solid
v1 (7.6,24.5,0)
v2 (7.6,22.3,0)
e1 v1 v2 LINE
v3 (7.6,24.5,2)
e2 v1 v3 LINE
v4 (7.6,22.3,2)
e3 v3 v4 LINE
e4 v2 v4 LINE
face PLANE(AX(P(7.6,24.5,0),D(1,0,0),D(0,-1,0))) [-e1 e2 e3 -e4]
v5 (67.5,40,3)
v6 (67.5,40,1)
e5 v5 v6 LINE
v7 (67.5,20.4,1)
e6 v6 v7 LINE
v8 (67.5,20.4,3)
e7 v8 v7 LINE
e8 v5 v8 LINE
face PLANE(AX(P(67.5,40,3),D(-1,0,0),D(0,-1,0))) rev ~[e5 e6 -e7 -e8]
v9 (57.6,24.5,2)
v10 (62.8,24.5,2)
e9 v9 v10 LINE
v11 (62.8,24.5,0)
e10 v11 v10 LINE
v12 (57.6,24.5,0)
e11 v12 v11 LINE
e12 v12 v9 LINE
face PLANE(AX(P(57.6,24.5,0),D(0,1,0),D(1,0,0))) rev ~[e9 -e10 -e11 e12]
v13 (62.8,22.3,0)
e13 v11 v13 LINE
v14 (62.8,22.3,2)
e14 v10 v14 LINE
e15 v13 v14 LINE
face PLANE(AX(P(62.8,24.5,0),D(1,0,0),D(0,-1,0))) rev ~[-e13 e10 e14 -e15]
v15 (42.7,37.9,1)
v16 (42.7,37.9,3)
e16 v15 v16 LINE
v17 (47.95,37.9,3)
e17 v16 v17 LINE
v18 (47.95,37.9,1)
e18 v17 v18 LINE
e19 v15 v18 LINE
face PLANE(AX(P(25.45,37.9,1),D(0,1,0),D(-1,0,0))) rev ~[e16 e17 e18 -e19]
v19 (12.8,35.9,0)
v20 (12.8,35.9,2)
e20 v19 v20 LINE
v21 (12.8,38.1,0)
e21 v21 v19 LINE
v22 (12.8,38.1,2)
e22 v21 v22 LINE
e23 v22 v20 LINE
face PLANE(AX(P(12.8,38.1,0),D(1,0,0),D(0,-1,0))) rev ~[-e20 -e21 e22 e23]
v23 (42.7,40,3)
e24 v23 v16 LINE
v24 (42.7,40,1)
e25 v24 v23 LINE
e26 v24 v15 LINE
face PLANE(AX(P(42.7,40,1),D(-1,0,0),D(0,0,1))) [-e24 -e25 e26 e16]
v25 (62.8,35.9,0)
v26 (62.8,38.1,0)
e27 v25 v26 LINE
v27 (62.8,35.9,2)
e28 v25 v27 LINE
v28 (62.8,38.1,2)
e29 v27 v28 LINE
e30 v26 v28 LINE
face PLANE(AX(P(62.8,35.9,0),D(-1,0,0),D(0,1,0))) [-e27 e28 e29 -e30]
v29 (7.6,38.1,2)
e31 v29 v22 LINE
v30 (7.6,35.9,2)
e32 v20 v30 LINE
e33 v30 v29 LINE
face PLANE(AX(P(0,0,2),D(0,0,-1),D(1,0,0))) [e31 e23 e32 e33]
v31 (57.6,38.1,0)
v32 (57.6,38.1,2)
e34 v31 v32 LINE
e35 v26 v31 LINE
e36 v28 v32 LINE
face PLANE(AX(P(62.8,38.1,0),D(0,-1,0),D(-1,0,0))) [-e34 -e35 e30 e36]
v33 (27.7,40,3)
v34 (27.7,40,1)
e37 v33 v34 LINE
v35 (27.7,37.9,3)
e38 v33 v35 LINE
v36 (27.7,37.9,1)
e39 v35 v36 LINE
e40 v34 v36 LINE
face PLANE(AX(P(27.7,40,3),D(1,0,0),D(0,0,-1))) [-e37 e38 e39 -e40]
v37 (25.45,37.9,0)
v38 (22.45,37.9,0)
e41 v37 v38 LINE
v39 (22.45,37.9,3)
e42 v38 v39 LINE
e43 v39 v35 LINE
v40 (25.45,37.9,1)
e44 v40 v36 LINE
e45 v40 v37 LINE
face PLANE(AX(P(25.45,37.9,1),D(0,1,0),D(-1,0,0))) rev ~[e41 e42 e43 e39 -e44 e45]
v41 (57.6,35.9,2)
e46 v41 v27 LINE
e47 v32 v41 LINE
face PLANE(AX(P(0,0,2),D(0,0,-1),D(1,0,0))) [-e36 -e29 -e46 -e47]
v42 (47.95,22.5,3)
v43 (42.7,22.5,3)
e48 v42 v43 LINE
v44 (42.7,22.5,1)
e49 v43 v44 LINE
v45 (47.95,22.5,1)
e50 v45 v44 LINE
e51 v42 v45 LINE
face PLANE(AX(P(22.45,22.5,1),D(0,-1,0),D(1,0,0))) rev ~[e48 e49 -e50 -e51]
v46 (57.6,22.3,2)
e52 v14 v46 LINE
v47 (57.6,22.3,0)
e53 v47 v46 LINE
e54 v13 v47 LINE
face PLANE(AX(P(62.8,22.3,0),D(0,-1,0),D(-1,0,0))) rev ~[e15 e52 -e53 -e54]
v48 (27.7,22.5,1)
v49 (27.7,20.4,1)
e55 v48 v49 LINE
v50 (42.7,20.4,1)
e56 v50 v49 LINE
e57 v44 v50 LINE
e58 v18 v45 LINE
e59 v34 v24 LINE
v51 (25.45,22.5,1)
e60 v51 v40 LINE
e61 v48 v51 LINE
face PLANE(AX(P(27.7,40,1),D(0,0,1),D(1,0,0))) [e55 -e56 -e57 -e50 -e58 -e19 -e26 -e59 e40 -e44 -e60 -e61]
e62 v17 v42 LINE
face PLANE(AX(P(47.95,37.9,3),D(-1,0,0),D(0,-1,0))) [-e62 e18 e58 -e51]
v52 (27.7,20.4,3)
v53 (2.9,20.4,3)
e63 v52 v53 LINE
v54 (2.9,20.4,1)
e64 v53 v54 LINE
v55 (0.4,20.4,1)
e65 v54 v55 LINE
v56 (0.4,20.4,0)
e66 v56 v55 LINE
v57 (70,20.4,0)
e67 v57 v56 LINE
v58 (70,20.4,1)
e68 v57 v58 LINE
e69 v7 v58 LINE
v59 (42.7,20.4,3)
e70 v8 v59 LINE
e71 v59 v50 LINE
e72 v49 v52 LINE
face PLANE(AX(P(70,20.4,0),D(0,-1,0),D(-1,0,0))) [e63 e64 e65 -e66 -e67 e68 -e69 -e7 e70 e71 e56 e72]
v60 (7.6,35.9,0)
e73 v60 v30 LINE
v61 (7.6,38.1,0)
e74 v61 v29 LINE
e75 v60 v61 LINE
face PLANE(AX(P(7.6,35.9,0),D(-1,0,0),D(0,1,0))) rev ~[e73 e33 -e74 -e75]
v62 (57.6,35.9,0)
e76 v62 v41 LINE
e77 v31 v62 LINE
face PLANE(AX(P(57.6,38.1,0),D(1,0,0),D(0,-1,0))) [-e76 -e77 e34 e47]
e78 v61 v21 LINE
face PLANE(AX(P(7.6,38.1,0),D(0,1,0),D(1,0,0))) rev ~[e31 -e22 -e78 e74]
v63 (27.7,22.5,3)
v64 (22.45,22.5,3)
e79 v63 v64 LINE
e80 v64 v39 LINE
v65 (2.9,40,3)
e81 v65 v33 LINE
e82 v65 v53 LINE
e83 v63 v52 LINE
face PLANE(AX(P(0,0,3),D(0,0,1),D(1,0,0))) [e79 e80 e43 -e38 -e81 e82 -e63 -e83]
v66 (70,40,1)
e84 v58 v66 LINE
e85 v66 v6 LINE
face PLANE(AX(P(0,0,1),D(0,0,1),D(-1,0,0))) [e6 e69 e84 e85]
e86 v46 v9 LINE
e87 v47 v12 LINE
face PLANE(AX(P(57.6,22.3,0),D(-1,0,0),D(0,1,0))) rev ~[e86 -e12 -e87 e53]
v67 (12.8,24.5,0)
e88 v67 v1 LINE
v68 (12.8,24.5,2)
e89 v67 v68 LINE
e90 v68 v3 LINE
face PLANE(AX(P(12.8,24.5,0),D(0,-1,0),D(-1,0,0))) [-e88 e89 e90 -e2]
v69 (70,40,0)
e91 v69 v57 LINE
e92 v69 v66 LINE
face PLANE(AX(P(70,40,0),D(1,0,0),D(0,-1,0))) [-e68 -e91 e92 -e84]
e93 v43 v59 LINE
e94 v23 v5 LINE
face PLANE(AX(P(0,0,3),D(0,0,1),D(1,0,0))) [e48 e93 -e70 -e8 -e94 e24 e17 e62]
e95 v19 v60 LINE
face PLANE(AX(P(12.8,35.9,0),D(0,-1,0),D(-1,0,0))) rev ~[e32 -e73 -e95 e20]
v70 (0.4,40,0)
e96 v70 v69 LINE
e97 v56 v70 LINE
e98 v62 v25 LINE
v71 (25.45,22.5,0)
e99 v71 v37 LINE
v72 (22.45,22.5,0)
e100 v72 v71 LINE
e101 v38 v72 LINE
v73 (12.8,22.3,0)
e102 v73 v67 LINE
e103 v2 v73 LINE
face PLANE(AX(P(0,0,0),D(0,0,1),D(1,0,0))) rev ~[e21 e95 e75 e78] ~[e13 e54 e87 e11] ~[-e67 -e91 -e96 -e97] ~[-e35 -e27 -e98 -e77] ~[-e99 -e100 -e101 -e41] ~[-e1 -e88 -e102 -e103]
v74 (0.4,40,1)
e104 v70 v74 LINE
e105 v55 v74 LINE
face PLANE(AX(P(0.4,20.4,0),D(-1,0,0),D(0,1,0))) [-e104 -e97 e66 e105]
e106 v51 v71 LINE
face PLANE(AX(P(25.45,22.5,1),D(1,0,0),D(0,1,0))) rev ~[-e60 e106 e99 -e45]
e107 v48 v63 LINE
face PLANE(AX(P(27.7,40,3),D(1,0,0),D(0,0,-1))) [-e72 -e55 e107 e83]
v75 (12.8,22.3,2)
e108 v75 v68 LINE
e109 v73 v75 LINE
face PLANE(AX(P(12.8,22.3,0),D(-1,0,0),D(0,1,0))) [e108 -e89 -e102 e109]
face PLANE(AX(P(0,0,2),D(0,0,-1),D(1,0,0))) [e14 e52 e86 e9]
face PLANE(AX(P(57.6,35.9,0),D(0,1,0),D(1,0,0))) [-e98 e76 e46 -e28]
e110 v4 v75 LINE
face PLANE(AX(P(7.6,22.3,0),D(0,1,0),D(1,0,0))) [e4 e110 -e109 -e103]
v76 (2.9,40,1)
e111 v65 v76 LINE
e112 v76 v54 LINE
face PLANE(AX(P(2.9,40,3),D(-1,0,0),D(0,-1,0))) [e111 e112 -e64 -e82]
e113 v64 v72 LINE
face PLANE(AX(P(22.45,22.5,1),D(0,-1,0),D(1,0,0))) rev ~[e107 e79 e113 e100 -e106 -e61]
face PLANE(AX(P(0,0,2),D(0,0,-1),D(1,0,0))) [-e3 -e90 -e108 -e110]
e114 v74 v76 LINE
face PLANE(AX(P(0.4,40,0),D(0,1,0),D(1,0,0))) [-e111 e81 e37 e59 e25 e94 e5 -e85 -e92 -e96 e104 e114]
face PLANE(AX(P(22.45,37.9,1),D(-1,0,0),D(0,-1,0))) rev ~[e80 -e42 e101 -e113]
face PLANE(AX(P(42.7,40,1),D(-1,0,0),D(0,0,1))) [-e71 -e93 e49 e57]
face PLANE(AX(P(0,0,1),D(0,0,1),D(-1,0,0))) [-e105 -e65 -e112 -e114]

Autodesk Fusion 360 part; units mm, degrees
sketch "Esquisse1" plane through (0, 0, 0) normal (0, 0, 1) x (1, 0, 0)
  line L0 (0.4, 40) -> (70, 40)
  line L1 (70, 40) -> (70, 20.4)
  line L2 (70, 20.4) -> (0.4, 20.4)
  line L3 (0.4, 20.4) -> (0.4, 40)
  dimension "d1" = 69.6
  dimension "d2" = 19.6
extrude "Extrusion1" add sketch "Esquisse1" along normal blind 3
sketch "Esquisse2" plane through (0, 0, 0) normal (0, 0, -1) x (1, 0, 0)
  line L0 (70, -20.4) -> (0.4, -20.4)
  line L1 (0.4, -20.4) -> (0.4, -40)
  line L2 (0.4, -40) -> (70, -40)
  line L3 (70, -40) -> (70, -20.4)
  line L4 (7.6, -22.3) -> (12.8, -22.3)
  line L5 (12.8, -22.3) -> (12.8, -24.5)
  line L6 (12.8, -24.5) -> (7.6, -24.5)
  line L7 (7.6, -24.5) -> (7.6, -22.3)
  line L8 (10.2, -22.3) -> (10.2, -24.5) construction
  line L9 (35.2, -20.4) -> (35.2, -40) construction
  line L10 (57.6, -22.3) -> (57.6, -24.5)
  line L11 (62.8, -22.3) -> (57.6, -22.3)
  line L12 (62.8, -24.5) -> (62.8, -22.3)
  line L13 (57.6, -24.5) -> (62.8, -24.5)
  line L14 (0.4, -30.2) -> (70, -30.2) construction
  line L15 (7.6, -38.1) -> (12.8, -38.1)
  line L16 (12.8, -38.1) -> (12.8, -35.9)
  line L17 (12.8, -35.9) -> (7.6, -35.9)
  line L18 (7.6, -35.9) -> (7.6, -38.1)
  line L19 (62.8, -38.1) -> (57.6, -38.1)
  line L20 (62.8, -35.9) -> (62.8, -38.1)
  line L21 (57.6, -35.9) -> (62.8, -35.9)
  line L22 (57.6, -38.1) -> (57.6, -35.9)
  dimension "d5" = 25
  dimension "d12" = 5.2
  dimension "d13" = 2.2
  dimension "d14" = 1.9
extrude "Extrusion2" cut sketch "Esquisse2" against normal blind 2 contours L4 L5 L6 L7 | L10 L11 L12 L13 | L15 L16 L17 L18 | L19 L20 L21 L22
sketch "Esquisse3" plane through (0, 0, 3) normal (0, 0, 1) x (-1, 0, 0)
  line L0 (-0.4, -20.4) -> (-70, -20.4)
  line L1 (-70, -20.4) -> (-70, -40)
  line L2 (-70, -40) -> (-0.4, -40)
  line L3 (-0.4, -40) -> (-0.4, -20.4)
  line L4 (-22.45, -37.9) -> (-47.95, -37.9)
  line L5 (-47.95, -37.9) -> (-47.95, -22.5)
  line L6 (-47.95, -22.5) -> (-22.45, -22.5)
  line L7 (-22.45, -22.5) -> (-22.45, -37.9)
  line L8 (-0.4, -30.2) -> (-70, -30.2) construction
  line L9 (-35.2, -40) -> (-35.2, -20.4) construction
  dimension "d8" = 25.5
  dimension "d9" = 15.4
extrude "Extrusion3" cut sketch "Esquisse3" against normal blind 2 contours L4 L5 L6 L7
sketch "Esquisse4" plane through (0, 0, 1) normal (0, 0, 1) x (-1, 0, 0)
  line L0 (-22.45, -22.5) -> (-47.95, -22.5)
  line L1 (-47.95, -22.5) -> (-47.95, -37.9)
  line L2 (-47.95, -37.9) -> (-22.45, -37.9)
  line L3 (-22.45, -37.9) -> (-22.45, -22.5)
  line L4 (-22.45, -22.5) -> (-25.45, -22.5)
  line L5 (-25.45, -22.5) -> (-25.45, -37.9)
  line L6 (-25.45, -37.9) -> (-22.45, -37.9)
  line L7 (-22.45, -37.9) -> (-22.45, -22.5)
  dimension "d15" = 3
extrude "Extrusion4" cut sketch "Esquisse4" against normal blind 3 contours L0 L2 L3 L4 L5 L6 L7
sketch "Esquisse5" plane through (0, 40, 0) normal (0, 1, 0) x (-1, 0, 0)
  line L0 (-70, 0) -> (-0.4, 0)
  line L1 (-0.4, 0) -> (-0.4, 3)
  line L2 (-0.4, 3) -> (-70, 3)
  line L3 (-70, 3) -> (-70, 0)
  line L4 (-35.2, 3) -> (-35.2, 0) construction
  line L5 (-42.7, 3) -> (-27.7, 3)
  line L6 (-27.7, 3) -> (-27.7, 1)
  line L7 (-27.7, 1) -> (-42.7, 1)
  line L8 (-42.7, 1) -> (-42.7, 3)
  dimension "d18" = 15
  dimension "d19" = 2
extrude "Extrusion5" cut sketch "Esquisse5" against normal blind 21 contours L2 L5 L6 L7 L8
sketch "Esquisse6" plane through (0, 0, 3) normal (0, 0, 1) x (-1, 0, 0)
  line L0 (-42.7, -22.5) -> (-42.7, -20.4)
  line L1 (-42.7, -20.4) -> (-70, -20.4)
  line L2 (-70, -20.4) -> (-70, -40)
  line L3 (-70, -40) -> (-42.7, -40)
  line L4 (-42.7, -40) -> (-42.7, -37.9)
  line L5 (-42.7, -37.9) -> (-47.95, -37.9)
  line L6 (-47.95, -37.9) -> (-47.95, -22.5)
  line L7 (-47.95, -22.5) -> (-42.7, -22.5)
  line L8 (-70, -40) -> (-67.5, -40)
  line L9 (-67.5, -40) -> (-67.5, -20.4)
  line L10 (-67.5, -20.4) -> (-70, -20.4)
  line L11 (-70, -20.4) -> (-70, -40)
  line L12 (-35.2, -39) -> (-35.2, -18) construction
  line L13 (-0.4, -20.4) -> (-0.4, -40)
  line L14 (-2.9, -20.4) -> (-0.4, -20.4)
  line L15 (-2.9, -40) -> (-2.9, -20.4)
  line L16 (-0.4, -40) -> (-2.9, -40)
  dimension "d22" = 2.5
  dimension "d23" = 34.8
extrude "Extrusion6" cut sketch "Esquisse6" against normal blind 2 contours L1 L2 L3 L8 L9 L10 L11 | L13 L14 L15 L16
